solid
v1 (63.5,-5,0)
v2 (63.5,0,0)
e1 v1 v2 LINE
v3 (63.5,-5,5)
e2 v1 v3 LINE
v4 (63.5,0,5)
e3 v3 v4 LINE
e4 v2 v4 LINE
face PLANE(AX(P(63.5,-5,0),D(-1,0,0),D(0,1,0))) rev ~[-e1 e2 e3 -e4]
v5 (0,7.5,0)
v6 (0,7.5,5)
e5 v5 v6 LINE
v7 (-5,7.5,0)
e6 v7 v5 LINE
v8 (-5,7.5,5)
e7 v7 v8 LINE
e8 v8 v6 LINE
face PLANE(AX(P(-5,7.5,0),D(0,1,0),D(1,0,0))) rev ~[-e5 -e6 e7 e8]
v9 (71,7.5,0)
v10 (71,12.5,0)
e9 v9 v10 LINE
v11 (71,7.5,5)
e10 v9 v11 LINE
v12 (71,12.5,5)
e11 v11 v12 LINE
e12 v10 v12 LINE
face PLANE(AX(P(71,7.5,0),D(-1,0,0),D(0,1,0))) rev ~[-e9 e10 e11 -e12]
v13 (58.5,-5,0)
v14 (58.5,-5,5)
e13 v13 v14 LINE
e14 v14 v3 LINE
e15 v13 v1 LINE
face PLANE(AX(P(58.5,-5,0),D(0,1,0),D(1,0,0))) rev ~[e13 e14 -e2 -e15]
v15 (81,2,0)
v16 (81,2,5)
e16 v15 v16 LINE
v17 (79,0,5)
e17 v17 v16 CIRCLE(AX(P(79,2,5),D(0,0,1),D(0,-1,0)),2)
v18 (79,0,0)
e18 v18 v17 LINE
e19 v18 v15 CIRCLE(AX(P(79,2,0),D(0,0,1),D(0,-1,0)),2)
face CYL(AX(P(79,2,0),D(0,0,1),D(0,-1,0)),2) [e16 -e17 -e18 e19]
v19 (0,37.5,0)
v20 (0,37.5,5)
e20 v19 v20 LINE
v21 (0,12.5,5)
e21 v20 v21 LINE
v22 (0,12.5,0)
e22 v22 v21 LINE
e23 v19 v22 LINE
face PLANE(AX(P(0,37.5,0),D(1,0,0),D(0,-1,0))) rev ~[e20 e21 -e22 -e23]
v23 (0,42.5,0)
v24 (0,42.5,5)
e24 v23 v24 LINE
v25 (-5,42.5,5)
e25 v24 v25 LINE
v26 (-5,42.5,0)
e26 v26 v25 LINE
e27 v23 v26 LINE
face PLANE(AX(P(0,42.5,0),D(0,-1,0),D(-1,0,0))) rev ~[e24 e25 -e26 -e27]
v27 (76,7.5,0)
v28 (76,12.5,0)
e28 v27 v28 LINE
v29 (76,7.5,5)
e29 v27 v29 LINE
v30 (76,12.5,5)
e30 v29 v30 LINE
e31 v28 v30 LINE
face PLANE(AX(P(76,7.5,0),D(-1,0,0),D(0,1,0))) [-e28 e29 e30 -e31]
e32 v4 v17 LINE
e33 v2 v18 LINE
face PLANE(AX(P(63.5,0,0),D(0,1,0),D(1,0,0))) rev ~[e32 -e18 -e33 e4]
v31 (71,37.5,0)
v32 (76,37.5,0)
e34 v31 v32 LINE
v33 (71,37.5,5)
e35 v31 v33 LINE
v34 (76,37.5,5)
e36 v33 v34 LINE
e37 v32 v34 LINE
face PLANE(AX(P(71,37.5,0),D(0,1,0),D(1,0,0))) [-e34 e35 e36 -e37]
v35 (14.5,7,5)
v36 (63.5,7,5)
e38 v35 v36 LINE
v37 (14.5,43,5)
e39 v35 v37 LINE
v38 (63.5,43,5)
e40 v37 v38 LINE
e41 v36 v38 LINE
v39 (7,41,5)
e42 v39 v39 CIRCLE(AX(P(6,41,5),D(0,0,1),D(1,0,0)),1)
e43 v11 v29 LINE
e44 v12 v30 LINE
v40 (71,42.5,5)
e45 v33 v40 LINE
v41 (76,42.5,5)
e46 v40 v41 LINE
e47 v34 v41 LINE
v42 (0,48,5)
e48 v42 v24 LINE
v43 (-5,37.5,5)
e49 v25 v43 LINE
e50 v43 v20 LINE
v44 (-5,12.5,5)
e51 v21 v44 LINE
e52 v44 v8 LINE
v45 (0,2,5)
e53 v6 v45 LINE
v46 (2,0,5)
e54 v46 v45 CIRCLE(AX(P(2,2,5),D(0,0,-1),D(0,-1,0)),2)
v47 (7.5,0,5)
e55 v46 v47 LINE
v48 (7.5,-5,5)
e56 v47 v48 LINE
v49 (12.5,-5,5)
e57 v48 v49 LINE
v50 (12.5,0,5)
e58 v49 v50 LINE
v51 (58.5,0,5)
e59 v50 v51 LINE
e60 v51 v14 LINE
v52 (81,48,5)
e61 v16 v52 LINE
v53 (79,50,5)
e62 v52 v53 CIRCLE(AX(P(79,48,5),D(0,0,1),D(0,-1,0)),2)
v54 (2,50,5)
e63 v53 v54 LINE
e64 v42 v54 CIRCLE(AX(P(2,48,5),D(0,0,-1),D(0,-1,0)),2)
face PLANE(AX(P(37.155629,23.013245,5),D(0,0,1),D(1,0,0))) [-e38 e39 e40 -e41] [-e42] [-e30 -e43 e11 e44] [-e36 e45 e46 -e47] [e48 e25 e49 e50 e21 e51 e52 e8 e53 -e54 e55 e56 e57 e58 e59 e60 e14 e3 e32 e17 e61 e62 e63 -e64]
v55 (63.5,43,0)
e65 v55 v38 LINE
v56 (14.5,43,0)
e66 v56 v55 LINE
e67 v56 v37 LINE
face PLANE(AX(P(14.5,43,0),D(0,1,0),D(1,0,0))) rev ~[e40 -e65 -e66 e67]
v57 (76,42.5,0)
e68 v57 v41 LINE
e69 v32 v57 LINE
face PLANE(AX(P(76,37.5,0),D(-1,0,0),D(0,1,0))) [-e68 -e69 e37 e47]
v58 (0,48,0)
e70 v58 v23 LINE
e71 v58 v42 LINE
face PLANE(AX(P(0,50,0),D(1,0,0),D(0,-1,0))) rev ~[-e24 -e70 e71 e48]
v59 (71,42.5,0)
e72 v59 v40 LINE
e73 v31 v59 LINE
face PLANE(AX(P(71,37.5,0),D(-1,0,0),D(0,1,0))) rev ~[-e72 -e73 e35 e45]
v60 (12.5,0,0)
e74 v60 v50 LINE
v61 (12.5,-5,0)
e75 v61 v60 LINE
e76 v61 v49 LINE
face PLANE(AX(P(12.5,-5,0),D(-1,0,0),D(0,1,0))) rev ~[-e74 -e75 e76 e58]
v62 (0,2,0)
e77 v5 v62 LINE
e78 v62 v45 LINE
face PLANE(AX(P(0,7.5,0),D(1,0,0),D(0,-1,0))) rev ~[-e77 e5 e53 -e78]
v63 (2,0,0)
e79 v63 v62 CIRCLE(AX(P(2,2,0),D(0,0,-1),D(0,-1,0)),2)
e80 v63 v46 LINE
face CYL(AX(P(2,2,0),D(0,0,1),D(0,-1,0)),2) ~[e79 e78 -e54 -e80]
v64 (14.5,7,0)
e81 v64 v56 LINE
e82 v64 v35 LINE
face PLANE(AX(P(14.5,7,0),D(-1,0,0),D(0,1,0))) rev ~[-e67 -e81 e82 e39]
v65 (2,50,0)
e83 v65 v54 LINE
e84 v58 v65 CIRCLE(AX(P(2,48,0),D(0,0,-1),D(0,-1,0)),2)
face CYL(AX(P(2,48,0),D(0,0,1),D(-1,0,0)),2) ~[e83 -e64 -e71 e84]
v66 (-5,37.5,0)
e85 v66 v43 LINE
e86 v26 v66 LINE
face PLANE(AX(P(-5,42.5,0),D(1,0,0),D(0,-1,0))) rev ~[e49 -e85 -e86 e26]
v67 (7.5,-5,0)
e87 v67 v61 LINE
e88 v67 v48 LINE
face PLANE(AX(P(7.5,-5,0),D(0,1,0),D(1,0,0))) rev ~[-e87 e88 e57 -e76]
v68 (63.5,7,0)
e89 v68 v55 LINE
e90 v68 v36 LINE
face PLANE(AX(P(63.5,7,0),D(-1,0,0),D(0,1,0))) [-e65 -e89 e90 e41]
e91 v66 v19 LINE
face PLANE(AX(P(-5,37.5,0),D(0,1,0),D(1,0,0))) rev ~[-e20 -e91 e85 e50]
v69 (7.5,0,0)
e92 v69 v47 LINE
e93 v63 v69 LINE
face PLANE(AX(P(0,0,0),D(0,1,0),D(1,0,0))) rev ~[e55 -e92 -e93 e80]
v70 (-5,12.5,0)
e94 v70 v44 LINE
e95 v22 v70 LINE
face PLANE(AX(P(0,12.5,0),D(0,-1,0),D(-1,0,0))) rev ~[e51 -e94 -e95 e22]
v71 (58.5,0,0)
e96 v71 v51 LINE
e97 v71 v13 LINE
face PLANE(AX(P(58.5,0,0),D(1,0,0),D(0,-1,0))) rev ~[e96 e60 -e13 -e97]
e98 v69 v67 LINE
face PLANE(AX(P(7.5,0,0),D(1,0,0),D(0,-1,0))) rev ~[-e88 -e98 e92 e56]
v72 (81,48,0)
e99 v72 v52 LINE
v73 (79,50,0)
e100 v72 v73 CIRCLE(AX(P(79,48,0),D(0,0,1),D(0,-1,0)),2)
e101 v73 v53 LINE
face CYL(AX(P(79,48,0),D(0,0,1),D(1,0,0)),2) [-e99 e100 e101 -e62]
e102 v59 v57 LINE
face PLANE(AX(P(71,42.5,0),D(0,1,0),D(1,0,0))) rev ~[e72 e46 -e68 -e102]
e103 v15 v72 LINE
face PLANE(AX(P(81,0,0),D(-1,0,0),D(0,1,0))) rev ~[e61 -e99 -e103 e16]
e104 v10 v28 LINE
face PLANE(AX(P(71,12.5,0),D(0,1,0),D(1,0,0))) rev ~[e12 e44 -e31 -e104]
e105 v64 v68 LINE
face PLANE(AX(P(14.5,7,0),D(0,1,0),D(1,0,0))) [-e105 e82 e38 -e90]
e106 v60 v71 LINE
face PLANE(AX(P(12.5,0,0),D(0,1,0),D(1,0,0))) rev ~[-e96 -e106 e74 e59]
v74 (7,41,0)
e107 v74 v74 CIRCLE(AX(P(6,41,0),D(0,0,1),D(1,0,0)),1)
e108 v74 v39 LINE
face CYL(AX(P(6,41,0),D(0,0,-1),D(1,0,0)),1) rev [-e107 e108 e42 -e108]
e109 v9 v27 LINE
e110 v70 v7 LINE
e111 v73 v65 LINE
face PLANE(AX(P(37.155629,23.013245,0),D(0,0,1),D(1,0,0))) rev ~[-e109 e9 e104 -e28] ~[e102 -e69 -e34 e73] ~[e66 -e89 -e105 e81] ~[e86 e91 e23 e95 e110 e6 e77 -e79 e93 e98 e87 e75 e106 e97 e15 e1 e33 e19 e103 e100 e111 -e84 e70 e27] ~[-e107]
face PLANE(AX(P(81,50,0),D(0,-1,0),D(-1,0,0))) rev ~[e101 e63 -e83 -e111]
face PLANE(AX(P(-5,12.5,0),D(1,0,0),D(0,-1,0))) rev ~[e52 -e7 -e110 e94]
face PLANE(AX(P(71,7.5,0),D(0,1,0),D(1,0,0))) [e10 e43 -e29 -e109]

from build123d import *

# Parameters (mm, degrees)
ESQUISSE1_R        = 1
ESQUISSE1_W        = 5
ESQUISSE1_H        = 5
ESQUISSE1_W_2      = 49
ESQUISSE1_H_2      = 36
BOSS_EXTRU_1_DEPTH = 5
CONG_1_R           = 2


with BuildPart() as part:
    # Esquisse1 → Boss.-Extru.1 (new body)
    with BuildSketch(Plane.XY):
        Polygon((0, 0), (7.5, 0), (7.5, -5), (12.5, -5), (12.5, 0), (58.5, 0), (58.5, -5), (63.5, -5), (63.5, 0), (71, 0), (81, 0), (81, 50), (71, 50), (0, 50), (0, 42.5), (-5, 42.5), (-5, 37.5), (0, 37.5), (0, 12.5), (-5, 12.5), (-5, 7.5), (0, 7.5), align=None)
        with Locations((6, 41)):
            Circle(ESQUISSE1_R, mode=Mode.SUBTRACT)
        with Locations((73.5, 10)):
            Rectangle(ESQUISSE1_W, ESQUISSE1_H, mode=Mode.SUBTRACT)
        with Locations((73.5, 40)):
            Rectangle(ESQUISSE1_W, ESQUISSE1_H, mode=Mode.SUBTRACT)
        with Locations((39, 25)):
            Rectangle(ESQUISSE1_W_2, ESQUISSE1_H_2, mode=Mode.SUBTRACT)
    extrude(amount=BOSS_EXTRU_1_DEPTH)

    # Congé1
    cong_1_edges = [part.edges().sort_by_distance(p)[0] for p in [
        (0, 50, 2.5),
        (81, 50, 2.5),
        (81, 0, 2.5),
        (0, 0, 2.5),
    ]]
    fillet(cong_1_edges, radius=CONG_1_R)


solid = part.part
